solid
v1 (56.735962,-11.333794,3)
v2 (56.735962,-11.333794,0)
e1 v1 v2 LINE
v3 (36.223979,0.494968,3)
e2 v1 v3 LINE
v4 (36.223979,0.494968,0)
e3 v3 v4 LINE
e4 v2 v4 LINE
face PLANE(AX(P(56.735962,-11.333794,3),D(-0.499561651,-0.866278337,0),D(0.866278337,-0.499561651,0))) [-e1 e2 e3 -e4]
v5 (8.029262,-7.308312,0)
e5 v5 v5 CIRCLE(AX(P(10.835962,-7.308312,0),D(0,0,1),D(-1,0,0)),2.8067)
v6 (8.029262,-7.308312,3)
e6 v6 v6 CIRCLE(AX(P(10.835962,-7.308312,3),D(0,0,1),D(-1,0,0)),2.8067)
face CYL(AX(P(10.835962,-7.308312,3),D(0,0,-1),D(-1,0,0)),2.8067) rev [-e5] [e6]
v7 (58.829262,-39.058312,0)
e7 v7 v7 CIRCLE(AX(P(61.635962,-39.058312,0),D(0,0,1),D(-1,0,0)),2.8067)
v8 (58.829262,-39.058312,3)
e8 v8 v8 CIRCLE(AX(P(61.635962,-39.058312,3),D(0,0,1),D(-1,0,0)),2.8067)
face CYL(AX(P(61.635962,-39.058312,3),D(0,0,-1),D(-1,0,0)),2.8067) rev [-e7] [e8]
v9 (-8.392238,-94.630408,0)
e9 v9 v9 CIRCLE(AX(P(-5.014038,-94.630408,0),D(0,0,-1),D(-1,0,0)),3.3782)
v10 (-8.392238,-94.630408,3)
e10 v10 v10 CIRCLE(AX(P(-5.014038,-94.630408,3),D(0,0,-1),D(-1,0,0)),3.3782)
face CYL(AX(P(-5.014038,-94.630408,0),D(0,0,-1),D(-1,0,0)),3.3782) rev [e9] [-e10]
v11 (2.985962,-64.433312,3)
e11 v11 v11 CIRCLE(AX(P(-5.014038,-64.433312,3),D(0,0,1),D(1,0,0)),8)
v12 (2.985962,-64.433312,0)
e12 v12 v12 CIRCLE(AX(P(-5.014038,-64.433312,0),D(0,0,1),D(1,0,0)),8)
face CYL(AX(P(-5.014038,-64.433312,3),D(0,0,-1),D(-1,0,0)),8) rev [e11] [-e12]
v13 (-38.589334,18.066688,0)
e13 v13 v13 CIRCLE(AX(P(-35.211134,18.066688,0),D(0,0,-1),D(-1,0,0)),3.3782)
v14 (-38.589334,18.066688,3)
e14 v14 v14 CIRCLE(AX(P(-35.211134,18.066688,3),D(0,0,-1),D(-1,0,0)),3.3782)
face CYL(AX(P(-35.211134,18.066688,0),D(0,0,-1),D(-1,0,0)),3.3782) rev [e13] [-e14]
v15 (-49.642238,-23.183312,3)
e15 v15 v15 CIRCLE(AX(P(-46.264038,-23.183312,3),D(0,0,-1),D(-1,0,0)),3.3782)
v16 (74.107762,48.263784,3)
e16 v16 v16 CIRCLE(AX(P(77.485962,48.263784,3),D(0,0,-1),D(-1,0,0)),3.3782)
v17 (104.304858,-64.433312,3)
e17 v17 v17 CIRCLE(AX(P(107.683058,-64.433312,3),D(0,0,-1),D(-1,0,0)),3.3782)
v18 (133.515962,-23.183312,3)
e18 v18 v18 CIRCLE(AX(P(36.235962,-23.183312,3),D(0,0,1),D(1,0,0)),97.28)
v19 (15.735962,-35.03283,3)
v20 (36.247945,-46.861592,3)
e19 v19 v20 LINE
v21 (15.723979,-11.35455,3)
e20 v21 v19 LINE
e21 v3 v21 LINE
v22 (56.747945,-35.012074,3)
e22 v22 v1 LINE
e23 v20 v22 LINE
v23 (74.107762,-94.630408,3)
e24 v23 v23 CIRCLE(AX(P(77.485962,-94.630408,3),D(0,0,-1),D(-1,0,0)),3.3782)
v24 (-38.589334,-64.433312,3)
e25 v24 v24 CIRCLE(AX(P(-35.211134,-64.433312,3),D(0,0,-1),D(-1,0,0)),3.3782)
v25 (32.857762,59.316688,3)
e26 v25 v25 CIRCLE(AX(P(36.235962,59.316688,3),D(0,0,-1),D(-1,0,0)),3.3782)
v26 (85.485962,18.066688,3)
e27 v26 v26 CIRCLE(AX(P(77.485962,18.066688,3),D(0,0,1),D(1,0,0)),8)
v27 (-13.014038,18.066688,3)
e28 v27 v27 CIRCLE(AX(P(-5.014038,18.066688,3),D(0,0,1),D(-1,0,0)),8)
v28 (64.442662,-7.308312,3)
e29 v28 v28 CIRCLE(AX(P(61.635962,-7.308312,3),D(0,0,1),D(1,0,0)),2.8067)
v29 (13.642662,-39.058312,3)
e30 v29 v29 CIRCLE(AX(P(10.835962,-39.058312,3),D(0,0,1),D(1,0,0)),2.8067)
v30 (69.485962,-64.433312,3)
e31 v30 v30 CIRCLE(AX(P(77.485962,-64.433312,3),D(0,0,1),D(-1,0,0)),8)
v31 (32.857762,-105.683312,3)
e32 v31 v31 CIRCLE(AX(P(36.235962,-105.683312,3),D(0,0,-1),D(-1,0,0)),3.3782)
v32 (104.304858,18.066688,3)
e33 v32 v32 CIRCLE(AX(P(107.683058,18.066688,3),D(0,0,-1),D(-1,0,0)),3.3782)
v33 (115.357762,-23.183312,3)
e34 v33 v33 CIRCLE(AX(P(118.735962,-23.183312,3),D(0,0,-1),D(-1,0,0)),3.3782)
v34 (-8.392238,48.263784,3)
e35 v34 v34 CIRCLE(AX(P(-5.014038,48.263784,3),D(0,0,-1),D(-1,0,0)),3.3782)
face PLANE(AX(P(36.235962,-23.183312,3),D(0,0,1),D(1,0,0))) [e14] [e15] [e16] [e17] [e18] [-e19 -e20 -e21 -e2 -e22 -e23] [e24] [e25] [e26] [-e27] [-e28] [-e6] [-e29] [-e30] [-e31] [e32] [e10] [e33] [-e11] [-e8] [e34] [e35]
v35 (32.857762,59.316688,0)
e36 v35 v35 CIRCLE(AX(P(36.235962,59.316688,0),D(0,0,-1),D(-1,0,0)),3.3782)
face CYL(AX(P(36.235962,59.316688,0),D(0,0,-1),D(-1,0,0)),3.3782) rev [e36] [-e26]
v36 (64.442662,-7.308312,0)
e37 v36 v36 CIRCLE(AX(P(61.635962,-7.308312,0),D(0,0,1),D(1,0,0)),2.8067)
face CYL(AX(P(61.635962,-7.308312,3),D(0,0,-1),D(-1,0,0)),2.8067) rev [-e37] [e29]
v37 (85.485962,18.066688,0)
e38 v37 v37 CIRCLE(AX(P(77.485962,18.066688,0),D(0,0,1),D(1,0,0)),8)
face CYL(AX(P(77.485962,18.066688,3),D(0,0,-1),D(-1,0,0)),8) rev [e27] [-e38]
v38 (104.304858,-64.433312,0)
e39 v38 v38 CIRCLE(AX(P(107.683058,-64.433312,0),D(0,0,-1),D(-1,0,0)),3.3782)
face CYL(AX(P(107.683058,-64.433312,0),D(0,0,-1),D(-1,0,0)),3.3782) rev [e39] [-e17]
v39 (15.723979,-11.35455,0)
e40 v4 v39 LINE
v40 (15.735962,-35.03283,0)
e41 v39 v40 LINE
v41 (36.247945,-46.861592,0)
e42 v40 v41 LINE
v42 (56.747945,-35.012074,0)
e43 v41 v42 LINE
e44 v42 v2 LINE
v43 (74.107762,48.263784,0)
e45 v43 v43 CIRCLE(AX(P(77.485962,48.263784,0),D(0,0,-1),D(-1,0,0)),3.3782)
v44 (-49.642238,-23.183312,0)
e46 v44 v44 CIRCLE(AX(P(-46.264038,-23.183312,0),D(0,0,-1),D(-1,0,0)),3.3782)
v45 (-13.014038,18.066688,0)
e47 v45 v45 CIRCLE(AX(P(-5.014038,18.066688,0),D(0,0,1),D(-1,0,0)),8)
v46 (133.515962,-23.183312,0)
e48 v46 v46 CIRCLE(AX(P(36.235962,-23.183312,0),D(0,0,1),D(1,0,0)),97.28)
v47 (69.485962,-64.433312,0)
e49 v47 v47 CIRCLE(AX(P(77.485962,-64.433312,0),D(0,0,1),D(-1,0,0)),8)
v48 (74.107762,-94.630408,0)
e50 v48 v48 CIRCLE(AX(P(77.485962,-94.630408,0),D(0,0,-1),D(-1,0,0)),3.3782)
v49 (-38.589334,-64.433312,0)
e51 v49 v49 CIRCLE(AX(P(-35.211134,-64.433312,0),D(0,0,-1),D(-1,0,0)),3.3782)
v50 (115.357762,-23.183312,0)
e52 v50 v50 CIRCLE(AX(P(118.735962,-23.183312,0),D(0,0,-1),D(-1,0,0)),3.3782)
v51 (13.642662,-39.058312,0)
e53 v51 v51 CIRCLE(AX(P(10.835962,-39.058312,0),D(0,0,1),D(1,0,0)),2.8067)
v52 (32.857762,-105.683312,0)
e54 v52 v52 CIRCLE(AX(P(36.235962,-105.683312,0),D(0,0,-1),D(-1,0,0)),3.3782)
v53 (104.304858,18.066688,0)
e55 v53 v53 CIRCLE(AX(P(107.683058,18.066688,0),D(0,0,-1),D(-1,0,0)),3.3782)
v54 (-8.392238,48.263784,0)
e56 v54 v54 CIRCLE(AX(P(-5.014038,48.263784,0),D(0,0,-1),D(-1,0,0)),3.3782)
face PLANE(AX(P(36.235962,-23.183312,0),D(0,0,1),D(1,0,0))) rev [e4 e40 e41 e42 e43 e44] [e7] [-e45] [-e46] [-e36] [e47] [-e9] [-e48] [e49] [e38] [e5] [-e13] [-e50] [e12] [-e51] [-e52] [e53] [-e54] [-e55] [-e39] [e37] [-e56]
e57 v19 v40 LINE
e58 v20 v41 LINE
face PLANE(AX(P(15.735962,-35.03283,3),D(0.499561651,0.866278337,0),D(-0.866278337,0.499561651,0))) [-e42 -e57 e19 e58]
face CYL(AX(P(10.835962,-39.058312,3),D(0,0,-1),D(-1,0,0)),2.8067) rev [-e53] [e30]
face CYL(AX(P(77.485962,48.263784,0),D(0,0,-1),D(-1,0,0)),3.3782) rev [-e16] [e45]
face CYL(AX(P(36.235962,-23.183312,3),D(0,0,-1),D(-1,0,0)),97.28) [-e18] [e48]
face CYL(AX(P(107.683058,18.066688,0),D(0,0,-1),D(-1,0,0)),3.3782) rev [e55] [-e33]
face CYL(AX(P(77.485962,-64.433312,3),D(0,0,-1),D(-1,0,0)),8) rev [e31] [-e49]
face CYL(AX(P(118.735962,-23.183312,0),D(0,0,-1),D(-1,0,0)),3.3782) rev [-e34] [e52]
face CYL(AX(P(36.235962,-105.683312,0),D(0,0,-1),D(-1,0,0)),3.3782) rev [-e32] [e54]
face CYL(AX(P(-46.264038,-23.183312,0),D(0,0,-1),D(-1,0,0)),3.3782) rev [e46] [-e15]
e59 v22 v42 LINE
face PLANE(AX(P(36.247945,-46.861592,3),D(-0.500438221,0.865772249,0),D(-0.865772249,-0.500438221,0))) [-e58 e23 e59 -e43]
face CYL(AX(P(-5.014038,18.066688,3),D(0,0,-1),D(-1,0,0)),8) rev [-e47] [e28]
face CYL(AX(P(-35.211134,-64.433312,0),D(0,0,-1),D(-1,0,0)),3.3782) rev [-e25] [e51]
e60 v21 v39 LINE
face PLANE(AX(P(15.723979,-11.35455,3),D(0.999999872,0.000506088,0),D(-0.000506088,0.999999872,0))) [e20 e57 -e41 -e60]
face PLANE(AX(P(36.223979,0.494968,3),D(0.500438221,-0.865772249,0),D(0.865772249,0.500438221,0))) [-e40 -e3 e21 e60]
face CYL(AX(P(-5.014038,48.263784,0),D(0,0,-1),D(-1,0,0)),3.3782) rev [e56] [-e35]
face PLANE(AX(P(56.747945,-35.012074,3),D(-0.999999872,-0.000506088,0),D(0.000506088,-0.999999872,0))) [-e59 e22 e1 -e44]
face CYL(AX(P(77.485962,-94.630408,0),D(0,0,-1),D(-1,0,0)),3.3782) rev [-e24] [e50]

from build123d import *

# Parameters (mm, degrees)
SKETCH1_R               = 97.28
SKETCH1_R_2             = 2.8067
SKETCH1_R_3             = 8
BOSS_EXTRUDE1_DEPTH     = 3
F_1_4_CLEARANCE_HOLE1_D = 6.7564


with BuildPart() as part:
    # Sketch1 → Boss-Extrude1 (new body)
    with BuildSketch(Plane.XY):
        with Locations((36.235962131, -23.183312097)):
            Circle(SKETCH1_R)
        with Locations((61.635962131, -7.308312097)):
            Circle(SKETCH1_R_2, mode=Mode.SUBTRACT)
        with Locations((61.635962131, -39.058312097)):
            Circle(SKETCH1_R_2, mode=Mode.SUBTRACT)
        with Locations((10.835962131, -39.058312097)):
            Circle(SKETCH1_R_2, mode=Mode.SUBTRACT)
        with Locations((10.835962131, -7.308312097)):
            Circle(SKETCH1_R_2, mode=Mode.SUBTRACT)
        with Locations((-5.014037869, -64.433312097)):
            Circle(SKETCH1_R_3, mode=Mode.SUBTRACT)
        with Locations((77.485962131, -64.433312097)):
            Circle(SKETCH1_R_3, mode=Mode.SUBTRACT)
        with Locations((77.485962131, 18.066687903)):
            Circle(SKETCH1_R_3, mode=Mode.SUBTRACT)
        with Locations((-5.014037869, 18.066687903)):
            Circle(SKETCH1_R_3, mode=Mode.SUBTRACT)
        Polygon((15.735962131, -35.032829738), (36.247945431, -46.861591696), (56.747945431, -35.012074055), (56.735962131, -11.333794456), (36.223978831, 0.494967501), (15.723978831, -11.35455014), align=None, mode=Mode.SUBTRACT)
    extrude(amount=BOSS_EXTRUDE1_DEPTH)

    # 1/4 Clearance Hole1 (through all)
    with Locations(Plane(origin=(0, 0, 0), x_dir=(-1, 0, 0), z_dir=(0, 0, -1))):
        with Locations((-118.735962131, -23.183312097), (-107.683057943, -64.433312097), (46.264037869, -23.183312097), (35.211133681, -64.433312097), (-77.485962131, -94.63040791), (-36.235962131, -105.683312097), (5.014037869, -94.63040791), (35.211133681, 18.066687903), (5.014037869, 48.263783715), (-36.235962131, 59.316687903), (-77.485962131, 48.263783715), (-107.683057943, 18.066687903)):
            Hole(F_1_4_CLEARANCE_HOLE1_D / 2)


solid = part.part
